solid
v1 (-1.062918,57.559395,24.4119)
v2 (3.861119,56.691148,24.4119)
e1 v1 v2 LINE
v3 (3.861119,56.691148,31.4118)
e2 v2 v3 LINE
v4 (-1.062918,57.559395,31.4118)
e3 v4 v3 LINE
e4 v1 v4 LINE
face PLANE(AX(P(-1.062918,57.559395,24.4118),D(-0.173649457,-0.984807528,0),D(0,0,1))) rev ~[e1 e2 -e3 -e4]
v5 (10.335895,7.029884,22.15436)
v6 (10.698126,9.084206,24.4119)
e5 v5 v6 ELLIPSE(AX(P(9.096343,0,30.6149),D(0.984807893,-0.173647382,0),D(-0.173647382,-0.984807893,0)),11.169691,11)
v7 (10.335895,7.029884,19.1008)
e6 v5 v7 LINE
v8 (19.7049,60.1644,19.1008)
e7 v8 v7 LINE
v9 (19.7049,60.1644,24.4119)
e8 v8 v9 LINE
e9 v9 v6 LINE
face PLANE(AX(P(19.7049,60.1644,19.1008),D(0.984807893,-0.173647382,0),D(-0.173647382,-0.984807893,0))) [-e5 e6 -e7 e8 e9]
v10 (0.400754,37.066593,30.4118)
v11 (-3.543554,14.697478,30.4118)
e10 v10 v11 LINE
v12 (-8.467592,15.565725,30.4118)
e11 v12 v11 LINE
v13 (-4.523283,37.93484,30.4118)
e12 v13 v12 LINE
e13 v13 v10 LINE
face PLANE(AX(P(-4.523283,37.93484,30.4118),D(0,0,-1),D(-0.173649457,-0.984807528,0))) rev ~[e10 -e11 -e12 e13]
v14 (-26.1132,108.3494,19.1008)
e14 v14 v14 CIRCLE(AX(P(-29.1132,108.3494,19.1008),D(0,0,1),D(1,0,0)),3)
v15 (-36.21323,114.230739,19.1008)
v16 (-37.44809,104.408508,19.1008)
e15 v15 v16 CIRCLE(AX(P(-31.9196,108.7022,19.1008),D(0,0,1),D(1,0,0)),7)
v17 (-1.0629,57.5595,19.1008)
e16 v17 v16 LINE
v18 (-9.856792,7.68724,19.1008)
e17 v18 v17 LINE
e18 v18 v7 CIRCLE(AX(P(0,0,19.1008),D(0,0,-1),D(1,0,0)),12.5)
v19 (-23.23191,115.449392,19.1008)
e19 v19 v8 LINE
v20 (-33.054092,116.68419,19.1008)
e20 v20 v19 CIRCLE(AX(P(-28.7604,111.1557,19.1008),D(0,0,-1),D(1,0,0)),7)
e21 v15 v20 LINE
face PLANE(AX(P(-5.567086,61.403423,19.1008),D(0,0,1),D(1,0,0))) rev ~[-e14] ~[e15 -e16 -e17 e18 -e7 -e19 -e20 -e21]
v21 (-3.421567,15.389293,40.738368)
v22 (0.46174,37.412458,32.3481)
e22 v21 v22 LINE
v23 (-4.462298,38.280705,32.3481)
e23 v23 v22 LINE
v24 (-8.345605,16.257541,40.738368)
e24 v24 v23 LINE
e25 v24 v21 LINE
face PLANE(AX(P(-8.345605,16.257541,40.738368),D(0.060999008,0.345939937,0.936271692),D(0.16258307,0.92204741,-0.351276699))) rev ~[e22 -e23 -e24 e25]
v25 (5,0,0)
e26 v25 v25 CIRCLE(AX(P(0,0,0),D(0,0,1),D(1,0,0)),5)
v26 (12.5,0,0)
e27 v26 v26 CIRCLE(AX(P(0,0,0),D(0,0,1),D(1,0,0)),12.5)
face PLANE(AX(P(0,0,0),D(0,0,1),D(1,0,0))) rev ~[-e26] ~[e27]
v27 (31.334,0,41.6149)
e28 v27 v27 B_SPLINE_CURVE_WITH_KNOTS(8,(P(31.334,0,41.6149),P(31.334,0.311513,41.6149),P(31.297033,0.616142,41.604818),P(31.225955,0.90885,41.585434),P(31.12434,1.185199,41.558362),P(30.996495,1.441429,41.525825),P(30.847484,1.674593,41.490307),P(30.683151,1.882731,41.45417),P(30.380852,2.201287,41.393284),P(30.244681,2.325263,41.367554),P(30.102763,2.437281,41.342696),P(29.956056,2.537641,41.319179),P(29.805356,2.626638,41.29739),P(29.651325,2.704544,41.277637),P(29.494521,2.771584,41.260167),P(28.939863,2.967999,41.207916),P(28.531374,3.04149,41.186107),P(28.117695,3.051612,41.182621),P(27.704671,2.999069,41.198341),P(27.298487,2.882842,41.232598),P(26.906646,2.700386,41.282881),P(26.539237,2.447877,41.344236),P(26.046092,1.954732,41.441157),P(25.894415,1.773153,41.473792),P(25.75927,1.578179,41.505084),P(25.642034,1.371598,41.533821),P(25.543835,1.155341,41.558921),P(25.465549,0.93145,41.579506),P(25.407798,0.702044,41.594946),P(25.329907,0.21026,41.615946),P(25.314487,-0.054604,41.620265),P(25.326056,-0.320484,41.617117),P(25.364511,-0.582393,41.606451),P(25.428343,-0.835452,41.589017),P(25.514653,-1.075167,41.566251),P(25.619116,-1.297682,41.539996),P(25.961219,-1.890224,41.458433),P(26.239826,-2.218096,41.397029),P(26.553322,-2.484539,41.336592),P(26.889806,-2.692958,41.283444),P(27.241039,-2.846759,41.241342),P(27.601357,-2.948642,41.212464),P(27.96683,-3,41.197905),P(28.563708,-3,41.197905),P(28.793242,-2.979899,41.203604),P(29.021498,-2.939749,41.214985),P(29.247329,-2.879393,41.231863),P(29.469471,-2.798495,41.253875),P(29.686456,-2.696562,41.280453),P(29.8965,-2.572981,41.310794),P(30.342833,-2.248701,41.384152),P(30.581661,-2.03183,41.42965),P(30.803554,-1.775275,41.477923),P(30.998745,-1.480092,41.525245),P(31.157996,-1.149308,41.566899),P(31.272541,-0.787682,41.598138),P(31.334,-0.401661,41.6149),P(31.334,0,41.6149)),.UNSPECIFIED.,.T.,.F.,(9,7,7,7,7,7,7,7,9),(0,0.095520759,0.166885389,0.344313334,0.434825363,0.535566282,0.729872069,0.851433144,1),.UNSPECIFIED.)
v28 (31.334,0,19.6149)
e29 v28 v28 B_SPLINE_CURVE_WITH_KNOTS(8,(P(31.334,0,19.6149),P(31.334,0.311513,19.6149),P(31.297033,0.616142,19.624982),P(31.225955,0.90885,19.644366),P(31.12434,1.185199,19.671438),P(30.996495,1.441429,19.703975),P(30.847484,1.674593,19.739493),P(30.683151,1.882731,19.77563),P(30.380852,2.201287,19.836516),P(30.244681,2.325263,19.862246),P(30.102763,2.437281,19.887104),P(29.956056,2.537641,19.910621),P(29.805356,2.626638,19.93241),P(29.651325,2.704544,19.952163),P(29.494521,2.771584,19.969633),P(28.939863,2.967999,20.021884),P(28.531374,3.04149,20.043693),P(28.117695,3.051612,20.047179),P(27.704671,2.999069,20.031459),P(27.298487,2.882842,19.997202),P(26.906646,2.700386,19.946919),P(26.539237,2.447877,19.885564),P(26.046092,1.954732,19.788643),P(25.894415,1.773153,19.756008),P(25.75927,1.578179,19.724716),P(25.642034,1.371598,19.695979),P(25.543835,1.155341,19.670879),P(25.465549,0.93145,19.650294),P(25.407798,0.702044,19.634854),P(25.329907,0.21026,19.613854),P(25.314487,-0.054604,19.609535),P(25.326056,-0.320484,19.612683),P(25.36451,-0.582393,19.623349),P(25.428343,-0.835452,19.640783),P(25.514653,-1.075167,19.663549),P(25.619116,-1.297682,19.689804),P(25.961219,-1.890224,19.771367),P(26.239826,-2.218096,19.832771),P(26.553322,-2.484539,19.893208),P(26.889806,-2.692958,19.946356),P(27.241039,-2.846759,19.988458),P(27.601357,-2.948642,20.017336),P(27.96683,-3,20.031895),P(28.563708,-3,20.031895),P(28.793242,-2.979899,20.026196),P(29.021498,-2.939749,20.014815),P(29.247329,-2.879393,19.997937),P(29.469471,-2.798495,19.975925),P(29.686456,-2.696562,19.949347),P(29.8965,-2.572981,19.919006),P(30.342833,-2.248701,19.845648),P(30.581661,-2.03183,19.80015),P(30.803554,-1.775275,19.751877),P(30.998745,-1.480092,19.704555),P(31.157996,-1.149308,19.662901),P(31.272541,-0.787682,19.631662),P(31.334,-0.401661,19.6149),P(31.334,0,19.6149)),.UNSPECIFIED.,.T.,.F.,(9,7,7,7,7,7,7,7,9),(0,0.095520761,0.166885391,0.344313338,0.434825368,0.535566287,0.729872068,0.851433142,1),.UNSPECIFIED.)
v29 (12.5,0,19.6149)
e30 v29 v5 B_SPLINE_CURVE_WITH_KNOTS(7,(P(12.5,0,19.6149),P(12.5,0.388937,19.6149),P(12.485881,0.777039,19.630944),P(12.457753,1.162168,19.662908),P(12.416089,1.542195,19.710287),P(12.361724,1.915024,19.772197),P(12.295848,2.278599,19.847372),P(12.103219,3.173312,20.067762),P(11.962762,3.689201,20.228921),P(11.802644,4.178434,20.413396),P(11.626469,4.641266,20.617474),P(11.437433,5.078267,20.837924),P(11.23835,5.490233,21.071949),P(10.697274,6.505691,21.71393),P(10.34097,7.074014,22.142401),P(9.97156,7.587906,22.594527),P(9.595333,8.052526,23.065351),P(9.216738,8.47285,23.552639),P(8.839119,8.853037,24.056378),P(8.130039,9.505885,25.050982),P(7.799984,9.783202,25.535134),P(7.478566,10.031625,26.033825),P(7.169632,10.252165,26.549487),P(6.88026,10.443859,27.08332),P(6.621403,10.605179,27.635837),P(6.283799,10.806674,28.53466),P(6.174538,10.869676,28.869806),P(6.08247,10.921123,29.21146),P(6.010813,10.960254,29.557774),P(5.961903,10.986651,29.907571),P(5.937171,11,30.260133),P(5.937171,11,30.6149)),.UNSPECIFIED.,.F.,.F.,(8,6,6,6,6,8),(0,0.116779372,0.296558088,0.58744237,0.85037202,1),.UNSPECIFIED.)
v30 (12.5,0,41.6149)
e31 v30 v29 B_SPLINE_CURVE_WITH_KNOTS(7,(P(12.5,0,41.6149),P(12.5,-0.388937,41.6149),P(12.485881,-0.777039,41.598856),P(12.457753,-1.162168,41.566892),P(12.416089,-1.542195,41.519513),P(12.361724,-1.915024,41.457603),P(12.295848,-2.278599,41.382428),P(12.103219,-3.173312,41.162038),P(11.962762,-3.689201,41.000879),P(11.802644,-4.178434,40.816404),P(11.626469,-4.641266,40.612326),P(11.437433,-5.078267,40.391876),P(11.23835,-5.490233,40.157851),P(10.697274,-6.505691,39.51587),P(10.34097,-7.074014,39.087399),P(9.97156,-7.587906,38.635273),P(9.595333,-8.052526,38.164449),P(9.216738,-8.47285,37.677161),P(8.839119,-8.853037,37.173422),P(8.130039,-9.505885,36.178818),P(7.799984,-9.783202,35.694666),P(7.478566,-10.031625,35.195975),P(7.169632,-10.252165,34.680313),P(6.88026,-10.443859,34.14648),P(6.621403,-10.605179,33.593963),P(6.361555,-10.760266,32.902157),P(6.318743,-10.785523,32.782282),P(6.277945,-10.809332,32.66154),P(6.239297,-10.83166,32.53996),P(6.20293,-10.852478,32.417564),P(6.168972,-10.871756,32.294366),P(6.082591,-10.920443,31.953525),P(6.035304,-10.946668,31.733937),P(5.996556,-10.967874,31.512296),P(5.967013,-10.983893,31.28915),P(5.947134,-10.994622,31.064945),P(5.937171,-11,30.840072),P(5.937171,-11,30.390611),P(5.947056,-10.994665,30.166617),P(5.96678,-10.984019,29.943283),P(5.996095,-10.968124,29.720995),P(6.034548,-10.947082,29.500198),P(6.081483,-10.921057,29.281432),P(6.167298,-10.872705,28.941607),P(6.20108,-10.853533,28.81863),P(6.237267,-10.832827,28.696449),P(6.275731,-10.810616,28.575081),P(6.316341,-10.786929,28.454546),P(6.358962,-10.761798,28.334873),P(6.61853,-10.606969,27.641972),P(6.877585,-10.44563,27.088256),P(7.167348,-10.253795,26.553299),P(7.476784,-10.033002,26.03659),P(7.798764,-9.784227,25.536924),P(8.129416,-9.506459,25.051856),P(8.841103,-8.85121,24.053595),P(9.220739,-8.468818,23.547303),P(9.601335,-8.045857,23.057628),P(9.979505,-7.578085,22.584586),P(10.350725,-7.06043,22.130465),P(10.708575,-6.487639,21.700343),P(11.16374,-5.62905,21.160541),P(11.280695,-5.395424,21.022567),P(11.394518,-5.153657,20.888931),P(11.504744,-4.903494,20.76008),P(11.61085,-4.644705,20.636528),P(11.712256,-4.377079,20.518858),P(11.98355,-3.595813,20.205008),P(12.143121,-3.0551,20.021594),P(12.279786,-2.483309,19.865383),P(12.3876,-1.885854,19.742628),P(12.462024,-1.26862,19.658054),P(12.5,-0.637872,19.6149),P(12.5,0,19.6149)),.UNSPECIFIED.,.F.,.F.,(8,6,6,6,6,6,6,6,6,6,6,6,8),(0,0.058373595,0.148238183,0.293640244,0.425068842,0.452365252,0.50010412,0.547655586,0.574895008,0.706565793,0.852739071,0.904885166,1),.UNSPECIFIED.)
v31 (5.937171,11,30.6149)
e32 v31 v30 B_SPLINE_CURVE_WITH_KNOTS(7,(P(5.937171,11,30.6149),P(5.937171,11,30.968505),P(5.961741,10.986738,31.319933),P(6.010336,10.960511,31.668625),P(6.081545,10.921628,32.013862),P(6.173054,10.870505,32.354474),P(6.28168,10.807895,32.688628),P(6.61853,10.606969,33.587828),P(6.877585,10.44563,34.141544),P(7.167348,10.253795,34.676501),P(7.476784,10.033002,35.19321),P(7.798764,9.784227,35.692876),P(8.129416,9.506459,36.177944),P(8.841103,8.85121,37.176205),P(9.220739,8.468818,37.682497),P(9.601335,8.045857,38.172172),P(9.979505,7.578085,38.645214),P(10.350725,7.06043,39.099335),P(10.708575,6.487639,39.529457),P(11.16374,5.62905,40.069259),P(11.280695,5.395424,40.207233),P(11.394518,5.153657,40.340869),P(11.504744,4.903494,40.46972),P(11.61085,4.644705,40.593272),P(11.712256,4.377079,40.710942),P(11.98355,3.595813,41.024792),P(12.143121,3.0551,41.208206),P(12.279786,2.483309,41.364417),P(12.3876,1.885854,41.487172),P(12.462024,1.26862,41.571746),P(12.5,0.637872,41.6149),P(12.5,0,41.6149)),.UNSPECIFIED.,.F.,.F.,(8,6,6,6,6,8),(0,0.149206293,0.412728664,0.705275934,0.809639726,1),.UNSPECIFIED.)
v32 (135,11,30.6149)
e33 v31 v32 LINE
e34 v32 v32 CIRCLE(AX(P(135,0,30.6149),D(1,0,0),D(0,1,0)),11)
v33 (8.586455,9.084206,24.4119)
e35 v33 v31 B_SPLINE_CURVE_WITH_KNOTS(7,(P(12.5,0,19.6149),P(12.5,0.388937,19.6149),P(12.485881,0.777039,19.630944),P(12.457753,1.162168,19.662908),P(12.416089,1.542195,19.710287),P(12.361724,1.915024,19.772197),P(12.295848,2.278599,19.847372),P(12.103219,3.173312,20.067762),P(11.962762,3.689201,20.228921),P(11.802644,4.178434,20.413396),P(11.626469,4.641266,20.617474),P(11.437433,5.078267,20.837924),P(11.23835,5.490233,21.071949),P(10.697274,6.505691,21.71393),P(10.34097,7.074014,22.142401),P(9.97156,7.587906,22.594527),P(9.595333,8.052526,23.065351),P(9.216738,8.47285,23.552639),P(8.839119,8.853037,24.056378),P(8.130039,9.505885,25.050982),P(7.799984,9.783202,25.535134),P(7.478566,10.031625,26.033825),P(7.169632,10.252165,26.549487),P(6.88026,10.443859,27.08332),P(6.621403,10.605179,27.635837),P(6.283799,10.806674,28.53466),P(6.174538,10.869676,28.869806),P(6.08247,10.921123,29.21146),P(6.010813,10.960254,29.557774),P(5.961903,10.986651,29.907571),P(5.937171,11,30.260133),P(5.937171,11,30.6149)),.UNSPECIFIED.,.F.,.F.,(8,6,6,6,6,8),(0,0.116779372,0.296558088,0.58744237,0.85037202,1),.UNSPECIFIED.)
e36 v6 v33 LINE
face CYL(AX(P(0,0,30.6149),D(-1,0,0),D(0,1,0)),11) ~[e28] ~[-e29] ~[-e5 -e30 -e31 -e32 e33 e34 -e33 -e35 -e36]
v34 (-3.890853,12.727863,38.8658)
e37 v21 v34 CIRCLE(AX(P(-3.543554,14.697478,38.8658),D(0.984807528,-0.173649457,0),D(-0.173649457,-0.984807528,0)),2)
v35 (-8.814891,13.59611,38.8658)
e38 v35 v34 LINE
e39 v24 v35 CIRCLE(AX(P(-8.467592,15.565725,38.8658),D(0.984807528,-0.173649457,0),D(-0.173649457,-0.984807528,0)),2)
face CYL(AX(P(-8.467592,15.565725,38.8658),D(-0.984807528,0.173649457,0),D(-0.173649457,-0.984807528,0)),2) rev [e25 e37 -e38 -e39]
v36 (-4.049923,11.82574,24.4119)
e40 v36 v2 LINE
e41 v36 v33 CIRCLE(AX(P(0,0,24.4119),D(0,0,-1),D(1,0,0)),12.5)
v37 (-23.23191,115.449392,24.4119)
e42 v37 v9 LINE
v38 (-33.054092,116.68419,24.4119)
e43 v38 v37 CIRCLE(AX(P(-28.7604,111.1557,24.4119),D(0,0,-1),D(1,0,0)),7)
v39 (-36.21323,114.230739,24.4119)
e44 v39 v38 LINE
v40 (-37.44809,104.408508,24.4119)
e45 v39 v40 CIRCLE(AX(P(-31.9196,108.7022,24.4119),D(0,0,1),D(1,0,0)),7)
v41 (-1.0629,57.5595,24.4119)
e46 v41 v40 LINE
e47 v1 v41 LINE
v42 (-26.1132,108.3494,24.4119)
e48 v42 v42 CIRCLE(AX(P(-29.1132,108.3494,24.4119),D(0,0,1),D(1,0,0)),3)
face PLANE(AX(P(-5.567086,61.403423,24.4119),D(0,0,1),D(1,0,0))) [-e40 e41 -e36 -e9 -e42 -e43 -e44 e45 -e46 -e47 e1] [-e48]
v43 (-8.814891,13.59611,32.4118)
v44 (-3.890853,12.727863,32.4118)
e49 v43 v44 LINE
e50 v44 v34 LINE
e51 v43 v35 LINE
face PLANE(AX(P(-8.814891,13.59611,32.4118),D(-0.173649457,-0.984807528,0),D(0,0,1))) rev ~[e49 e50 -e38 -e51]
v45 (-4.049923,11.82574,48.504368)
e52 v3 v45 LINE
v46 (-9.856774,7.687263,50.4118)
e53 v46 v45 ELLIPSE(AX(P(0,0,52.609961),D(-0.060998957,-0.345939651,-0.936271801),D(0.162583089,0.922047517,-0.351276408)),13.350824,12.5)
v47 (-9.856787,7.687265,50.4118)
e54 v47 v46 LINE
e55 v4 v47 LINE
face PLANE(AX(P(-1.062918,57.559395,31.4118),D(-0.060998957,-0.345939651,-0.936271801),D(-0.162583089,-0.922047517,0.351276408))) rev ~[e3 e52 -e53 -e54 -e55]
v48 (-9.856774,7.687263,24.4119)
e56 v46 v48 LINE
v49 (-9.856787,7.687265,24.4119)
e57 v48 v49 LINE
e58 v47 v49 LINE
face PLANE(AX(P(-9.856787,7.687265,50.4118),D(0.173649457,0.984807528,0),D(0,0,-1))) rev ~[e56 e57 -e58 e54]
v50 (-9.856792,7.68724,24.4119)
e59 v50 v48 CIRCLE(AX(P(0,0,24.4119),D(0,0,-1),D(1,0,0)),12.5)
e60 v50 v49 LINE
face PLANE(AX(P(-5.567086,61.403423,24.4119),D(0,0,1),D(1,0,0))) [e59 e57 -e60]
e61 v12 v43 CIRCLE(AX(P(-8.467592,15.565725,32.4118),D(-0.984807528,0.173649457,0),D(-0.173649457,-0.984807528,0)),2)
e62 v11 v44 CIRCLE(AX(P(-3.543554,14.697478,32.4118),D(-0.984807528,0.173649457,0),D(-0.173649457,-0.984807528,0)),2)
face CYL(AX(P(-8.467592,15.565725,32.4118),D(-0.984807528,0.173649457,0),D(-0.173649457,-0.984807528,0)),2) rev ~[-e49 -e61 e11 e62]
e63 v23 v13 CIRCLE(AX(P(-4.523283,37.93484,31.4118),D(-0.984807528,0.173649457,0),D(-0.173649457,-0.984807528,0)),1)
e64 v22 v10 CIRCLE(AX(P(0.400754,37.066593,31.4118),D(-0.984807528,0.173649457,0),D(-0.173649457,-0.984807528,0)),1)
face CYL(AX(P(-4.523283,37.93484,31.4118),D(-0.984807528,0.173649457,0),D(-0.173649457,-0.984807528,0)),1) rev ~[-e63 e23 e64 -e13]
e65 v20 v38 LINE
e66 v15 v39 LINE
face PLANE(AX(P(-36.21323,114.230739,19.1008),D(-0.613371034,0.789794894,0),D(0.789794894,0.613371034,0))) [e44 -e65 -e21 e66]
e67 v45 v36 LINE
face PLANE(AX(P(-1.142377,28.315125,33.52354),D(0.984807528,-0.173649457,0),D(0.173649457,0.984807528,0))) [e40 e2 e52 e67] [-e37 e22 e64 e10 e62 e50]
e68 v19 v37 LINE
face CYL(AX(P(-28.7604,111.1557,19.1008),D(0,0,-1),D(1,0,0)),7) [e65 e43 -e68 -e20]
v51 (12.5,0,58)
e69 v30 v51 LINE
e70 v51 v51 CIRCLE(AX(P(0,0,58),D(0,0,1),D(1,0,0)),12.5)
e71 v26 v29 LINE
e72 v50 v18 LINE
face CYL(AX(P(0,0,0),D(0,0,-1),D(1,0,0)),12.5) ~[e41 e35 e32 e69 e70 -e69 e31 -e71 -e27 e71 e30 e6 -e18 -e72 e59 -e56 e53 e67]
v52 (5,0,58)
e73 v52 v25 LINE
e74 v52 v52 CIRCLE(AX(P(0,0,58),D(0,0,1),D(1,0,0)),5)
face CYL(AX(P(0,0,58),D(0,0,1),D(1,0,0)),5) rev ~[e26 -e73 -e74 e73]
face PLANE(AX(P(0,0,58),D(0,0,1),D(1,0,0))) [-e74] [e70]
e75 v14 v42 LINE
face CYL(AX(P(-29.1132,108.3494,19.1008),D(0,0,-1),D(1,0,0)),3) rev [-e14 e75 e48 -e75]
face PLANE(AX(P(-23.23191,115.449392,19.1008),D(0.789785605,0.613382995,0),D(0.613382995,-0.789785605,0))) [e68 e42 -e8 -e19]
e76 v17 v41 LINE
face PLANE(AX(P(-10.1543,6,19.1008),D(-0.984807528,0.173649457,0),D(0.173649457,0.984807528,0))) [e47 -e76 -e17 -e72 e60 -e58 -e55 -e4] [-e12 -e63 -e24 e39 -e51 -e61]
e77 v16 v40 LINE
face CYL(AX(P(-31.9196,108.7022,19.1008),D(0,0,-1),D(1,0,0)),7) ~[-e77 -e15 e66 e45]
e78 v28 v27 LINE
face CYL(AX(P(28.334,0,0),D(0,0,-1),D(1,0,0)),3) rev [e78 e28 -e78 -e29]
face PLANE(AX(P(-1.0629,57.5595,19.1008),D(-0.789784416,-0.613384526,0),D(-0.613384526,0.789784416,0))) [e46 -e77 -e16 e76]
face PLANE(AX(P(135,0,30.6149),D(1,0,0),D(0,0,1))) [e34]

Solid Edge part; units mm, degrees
sketch "Sketch1" plane through (0, 0, 0) normal (0, 0, 1) x (1, 0, 0)
  circle A0 centre (0, 0) radius 12.5
extrude "Protrusion1" add sketch "Sketch1" along normal blind 58
sketch "Sketch2" plane through (0, 0, 0) normal (1, 0, 0) x (0, 1, 0)
  circle A0 centre (0, 30.6149) radius 11
extrude "ExtrudedProtrusion_2" add sketch "Sketch2" along normal blind 135
sketch "Sketch3" plane through (0, 0, 58) normal (0, 0, 1) x (1, 0, 0)
  circle A0 centre (0, 0) radius 5
extrude "ExtrudedCutout_1" cut sketch "Sketch3" against normal blind 74.8467
cosmetic_thread "Thread_1" size "Tr 22 x 8" thread depth 22
sketch "Sketch4" plane through (0, 0, 0) normal (0, 0, 1) x (1, 0, 0)
  circle A0 centre (28.334, 0) radius 3
extrude "ExtrudedCutout_2" cut sketch "Sketch4" along normal blind 57.1507
sketch "Sketch5" plane through (0, 0, 19.1008) normal (0, 0, 1) x (1, 0, 0)
  arc A0 (-10.1543, 6) -> (10.1543, 6) centre (0, 0) cw
  line L0 (19.7049, 60.1644) -> (10.1543, 6)
  line L1 (-23.2319, 115.4494) -> (19.7049, 60.1644)
  arc A1 (-33.0541, 116.6842) -> (-23.2319, 115.4494) centre (-28.7604, 111.1557) cw
  line L2 (-36.2132, 114.2307) -> (-33.0541, 116.6842)
  arc A2 (-36.2132, 114.2307) -> (-37.4481, 104.4085) centre (-31.9196, 108.7022) ccw
  line L3 (-1.0629, 57.5595) -> (-37.4481, 104.4085)
  line L4 (-10.1543, 6) -> (-1.0629, 57.5595)
  circle A3 centre (-29.1132, 108.3494) radius 3
  dimension "D1" = 70
  dimension "D2" = 20
  dimension "D3" = 55
  dimension "D4" = 7
  dimension "D5" = 7
  dimension "D6" = 18
  dimension "D7" = 6
  dimension "D8" = 6
  dimension "D9" = 9
extrude "ExtrudedProtrusion_3" add sketch "Sketch5" along normal blind 5.3111
sketch "Sketch6" plane through (-5.5858, 31.9091, 21.7563) normal (-0.9848, 0.1736, 0) x (-0.1736, -0.9848, 0)
  line L0 (24.5955, 2.6555) -> (-26.046, 2.6555)
  line L1 (-26.046, 2.6555) -> (-26.046, 9.6555)
  line L2 (-26.046, 9.6555) -> (24.5955, 28.6555)
  line L3 (24.5955, 28.6555) -> (24.5955, 2.6555)
  line L4 (-6.1187, 8.6555) -> (16.5955, 8.6555)
  arc A0 (16.5955, 8.6555) -> (18.5955, 10.6555) centre (16.5955, 10.6555) ccw
  line L5 (18.5955, 10.6555) -> (18.5955, 17.1095)
  arc A1 (15.893, 18.9821) -> (18.5955, 17.1095) centre (16.5955, 17.1095) cw
  line L6 (15.893, 18.9821) -> (-6.4699, 10.5918)
  arc A2 (-6.4699, 10.5918) -> (-6.1187, 8.6555) centre (-6.1187, 9.6555) ccw
  dimension "D1" = 26
  dimension "D2" = 7
  dimension "D3" = 6
  dimension "D4" = 6
  dimension "D5" = 6
  dimension "D6" = 2
  dimension "D7" = 2
  dimension "D8" = 1
extrude "ExtrudedProtrusion_5" add sketch "Sketch6" against normal blind 5
properties material "Steel"
